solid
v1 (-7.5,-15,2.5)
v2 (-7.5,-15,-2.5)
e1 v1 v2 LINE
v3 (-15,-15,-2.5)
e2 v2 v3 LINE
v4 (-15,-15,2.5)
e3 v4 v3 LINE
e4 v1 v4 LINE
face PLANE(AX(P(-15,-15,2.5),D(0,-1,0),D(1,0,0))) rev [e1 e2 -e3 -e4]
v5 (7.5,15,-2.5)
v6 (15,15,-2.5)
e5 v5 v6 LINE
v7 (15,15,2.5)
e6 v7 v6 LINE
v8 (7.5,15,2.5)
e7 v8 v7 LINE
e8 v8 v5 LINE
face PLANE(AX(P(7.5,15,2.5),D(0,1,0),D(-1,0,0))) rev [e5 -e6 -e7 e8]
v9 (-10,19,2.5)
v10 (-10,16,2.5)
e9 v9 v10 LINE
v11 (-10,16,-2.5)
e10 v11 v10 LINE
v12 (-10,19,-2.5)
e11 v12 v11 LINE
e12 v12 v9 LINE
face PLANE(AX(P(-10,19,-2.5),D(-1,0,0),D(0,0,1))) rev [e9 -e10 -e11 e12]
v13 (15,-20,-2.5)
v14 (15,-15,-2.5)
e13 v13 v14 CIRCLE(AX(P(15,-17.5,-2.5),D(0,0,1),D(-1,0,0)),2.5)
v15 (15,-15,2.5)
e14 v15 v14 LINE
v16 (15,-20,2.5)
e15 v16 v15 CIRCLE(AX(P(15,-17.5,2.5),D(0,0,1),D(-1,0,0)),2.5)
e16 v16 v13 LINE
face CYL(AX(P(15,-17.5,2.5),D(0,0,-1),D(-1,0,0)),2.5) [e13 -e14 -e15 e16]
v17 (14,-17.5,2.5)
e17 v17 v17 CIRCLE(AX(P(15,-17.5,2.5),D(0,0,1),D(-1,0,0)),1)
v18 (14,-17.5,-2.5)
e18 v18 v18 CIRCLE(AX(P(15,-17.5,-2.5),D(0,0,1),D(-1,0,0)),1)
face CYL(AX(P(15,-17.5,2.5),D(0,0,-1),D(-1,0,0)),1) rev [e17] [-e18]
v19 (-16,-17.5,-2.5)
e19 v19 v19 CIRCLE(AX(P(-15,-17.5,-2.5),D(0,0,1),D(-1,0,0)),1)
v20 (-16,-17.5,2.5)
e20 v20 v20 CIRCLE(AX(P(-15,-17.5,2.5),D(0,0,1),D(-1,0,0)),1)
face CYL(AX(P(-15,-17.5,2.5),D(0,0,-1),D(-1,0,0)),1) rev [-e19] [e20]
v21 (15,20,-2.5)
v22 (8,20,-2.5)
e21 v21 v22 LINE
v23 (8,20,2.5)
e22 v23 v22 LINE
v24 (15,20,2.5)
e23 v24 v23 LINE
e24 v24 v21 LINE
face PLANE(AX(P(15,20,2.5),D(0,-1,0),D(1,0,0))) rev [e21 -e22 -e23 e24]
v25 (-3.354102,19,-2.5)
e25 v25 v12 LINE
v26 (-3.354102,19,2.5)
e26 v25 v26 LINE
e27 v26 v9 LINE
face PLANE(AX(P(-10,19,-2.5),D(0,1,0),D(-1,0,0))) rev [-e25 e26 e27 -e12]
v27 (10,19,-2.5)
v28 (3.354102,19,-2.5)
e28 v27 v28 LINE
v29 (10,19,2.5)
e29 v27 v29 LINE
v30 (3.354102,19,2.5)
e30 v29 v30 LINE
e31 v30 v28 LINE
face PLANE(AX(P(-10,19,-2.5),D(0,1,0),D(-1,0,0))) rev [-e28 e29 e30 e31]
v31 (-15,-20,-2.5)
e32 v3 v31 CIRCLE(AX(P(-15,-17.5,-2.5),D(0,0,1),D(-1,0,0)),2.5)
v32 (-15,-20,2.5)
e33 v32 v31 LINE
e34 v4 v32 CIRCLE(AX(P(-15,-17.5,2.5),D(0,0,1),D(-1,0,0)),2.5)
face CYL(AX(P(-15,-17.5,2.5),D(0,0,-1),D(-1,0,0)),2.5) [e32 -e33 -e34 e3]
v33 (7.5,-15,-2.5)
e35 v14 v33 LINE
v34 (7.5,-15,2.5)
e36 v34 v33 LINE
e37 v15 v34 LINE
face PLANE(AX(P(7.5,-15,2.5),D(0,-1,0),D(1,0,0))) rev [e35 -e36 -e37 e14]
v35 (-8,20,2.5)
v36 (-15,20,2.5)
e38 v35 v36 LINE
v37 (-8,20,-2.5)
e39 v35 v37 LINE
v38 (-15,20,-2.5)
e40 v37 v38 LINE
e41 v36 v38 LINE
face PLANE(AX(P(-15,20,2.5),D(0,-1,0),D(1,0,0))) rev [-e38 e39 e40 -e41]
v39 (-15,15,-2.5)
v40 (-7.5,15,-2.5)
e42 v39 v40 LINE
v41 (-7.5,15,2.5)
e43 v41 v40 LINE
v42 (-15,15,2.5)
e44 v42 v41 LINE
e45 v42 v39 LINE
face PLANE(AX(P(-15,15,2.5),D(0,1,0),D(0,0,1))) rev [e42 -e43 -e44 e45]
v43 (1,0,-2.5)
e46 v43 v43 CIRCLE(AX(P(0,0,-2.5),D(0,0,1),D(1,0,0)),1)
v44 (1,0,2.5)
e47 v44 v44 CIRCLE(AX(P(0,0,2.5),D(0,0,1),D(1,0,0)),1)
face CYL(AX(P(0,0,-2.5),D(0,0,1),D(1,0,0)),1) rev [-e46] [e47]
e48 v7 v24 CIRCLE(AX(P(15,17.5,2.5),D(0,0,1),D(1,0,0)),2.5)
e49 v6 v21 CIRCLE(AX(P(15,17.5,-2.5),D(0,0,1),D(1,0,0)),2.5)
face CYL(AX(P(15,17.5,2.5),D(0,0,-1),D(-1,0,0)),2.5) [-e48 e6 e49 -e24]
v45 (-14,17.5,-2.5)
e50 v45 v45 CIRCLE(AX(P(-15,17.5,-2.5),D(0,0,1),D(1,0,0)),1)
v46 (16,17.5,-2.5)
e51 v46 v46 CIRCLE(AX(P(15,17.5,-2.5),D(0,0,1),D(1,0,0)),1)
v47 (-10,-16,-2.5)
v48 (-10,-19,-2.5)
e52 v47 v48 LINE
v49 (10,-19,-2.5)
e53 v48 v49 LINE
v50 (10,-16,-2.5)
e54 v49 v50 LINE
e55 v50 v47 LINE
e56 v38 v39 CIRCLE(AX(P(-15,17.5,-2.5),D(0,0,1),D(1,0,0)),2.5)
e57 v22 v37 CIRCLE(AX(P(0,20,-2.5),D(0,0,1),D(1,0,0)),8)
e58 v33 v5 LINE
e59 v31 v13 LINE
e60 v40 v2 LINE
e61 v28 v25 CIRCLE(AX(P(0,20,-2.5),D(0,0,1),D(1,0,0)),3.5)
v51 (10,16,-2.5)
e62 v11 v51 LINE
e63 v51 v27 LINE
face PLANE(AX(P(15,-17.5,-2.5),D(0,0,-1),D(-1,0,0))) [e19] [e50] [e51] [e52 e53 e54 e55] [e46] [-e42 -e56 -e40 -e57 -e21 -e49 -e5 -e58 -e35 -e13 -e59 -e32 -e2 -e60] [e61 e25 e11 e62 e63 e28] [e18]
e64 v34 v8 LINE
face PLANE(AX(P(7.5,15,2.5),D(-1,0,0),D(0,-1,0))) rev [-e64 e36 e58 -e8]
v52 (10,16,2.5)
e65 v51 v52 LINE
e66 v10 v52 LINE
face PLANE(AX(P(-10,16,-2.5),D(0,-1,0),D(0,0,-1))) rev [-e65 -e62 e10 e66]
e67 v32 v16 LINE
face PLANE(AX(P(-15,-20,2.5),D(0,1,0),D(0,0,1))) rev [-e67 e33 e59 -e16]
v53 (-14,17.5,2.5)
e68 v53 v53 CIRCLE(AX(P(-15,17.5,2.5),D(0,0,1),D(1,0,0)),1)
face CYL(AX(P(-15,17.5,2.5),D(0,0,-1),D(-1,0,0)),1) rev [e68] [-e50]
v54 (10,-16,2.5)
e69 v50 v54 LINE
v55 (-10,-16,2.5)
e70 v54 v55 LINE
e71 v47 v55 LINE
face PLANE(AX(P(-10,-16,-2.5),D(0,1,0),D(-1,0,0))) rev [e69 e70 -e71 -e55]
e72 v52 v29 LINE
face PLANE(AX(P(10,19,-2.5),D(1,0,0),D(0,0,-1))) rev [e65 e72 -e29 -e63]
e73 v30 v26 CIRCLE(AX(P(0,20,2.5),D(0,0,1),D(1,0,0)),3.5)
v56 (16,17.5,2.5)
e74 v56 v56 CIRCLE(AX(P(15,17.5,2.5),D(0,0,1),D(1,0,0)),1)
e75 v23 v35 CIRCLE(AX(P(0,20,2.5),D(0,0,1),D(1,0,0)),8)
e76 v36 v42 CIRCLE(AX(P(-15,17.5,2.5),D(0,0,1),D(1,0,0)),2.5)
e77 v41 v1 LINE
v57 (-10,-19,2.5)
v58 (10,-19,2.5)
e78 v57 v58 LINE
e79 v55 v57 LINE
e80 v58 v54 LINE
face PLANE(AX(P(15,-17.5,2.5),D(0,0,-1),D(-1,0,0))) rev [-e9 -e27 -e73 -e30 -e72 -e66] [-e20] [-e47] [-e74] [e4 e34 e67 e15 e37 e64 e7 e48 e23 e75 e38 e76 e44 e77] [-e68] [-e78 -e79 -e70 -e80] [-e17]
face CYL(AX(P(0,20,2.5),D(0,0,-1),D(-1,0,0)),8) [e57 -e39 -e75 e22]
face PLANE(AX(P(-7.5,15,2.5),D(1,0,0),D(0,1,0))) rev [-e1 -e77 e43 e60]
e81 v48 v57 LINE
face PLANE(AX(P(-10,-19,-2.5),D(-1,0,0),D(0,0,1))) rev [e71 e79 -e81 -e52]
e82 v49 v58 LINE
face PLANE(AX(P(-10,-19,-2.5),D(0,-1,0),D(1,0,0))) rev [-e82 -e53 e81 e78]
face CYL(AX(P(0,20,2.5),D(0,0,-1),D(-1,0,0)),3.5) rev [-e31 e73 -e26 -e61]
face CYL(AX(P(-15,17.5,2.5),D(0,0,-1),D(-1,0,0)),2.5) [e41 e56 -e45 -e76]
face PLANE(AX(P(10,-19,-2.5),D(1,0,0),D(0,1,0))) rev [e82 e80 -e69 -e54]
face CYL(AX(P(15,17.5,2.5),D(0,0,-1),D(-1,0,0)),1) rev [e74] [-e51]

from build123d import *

# Parameters (mm, degrees)
SKETCH1_R           = 1
SKETCH1_R_2         = 3.5
BOSS_EXTRUDE2_DEPTH = 2.5
SKETCH2_R           = 1
SKETCH2_W           = 20
SKETCH2_H           = 3
CUT_EXTRUDE1_DEPTH  = 34.395358959


with BuildPart() as part:
    # Sketch1 → Boss-Extrude2 (new, symmetric)
    with BuildSketch(Plane.XY):
        with BuildLine():
            Line((7.5, 15), (15, 15))
            ThreePointArc((15, 15), (17.5, 17.5), (15, 20))
            Line((15, 20), (8, 20))
            ThreePointArc((8, 20), (0, 28), (-8, 20))
            Line((-8, 20), (-15, 20))
            ThreePointArc((-15, 20), (-17.5, 17.5), (-15, 15))
            Line((-15, 15), (-7.5, 15))
            Line((-7.5, 15), (-7.5, -15))
            Line((-7.5, -15), (-15, -15))
            ThreePointArc((-15, -15), (-17.5, -17.5), (-15, -20))
            Line((-15, -20), (15, -20))
            ThreePointArc((15, -20), (17.5, -17.5), (15, -15))
            Line((15, -15), (7.5, -15))
            Line((7.5, -15), (7.5, 15))
        make_face()
        with Locations((-15, 17.5)):
            Circle(SKETCH1_R, mode=Mode.SUBTRACT)
        with Locations((15, 17.5)):
            Circle(SKETCH1_R, mode=Mode.SUBTRACT)
        with Locations(Location((15, -17.5, 0), (0, 0, 180))):
            Circle(SKETCH1_R, mode=Mode.SUBTRACT)
        with Locations(Location((-15, -17.5, 0), (0, 0, 180))):
            Circle(SKETCH1_R, mode=Mode.SUBTRACT)
        with Locations((0, 20)):
            Circle(SKETCH1_R_2, mode=Mode.SUBTRACT)
    extrude(amount=BOSS_EXTRUDE2_DEPTH, both=True)

    # Sketch2 → Cut-Extrude1 (cut, through all)
    with BuildSketch(Plane.XY.offset(2.5)):
        Circle(SKETCH2_R)
        with Locations((0, 17.5)):
            Rectangle(SKETCH2_W, SKETCH2_H)
        with Locations((0, -17.5)):
            Rectangle(SKETCH2_W, SKETCH2_H)
    extrude(amount=-CUT_EXTRUDE1_DEPTH, mode=Mode.SUBTRACT)


solid = part.part
